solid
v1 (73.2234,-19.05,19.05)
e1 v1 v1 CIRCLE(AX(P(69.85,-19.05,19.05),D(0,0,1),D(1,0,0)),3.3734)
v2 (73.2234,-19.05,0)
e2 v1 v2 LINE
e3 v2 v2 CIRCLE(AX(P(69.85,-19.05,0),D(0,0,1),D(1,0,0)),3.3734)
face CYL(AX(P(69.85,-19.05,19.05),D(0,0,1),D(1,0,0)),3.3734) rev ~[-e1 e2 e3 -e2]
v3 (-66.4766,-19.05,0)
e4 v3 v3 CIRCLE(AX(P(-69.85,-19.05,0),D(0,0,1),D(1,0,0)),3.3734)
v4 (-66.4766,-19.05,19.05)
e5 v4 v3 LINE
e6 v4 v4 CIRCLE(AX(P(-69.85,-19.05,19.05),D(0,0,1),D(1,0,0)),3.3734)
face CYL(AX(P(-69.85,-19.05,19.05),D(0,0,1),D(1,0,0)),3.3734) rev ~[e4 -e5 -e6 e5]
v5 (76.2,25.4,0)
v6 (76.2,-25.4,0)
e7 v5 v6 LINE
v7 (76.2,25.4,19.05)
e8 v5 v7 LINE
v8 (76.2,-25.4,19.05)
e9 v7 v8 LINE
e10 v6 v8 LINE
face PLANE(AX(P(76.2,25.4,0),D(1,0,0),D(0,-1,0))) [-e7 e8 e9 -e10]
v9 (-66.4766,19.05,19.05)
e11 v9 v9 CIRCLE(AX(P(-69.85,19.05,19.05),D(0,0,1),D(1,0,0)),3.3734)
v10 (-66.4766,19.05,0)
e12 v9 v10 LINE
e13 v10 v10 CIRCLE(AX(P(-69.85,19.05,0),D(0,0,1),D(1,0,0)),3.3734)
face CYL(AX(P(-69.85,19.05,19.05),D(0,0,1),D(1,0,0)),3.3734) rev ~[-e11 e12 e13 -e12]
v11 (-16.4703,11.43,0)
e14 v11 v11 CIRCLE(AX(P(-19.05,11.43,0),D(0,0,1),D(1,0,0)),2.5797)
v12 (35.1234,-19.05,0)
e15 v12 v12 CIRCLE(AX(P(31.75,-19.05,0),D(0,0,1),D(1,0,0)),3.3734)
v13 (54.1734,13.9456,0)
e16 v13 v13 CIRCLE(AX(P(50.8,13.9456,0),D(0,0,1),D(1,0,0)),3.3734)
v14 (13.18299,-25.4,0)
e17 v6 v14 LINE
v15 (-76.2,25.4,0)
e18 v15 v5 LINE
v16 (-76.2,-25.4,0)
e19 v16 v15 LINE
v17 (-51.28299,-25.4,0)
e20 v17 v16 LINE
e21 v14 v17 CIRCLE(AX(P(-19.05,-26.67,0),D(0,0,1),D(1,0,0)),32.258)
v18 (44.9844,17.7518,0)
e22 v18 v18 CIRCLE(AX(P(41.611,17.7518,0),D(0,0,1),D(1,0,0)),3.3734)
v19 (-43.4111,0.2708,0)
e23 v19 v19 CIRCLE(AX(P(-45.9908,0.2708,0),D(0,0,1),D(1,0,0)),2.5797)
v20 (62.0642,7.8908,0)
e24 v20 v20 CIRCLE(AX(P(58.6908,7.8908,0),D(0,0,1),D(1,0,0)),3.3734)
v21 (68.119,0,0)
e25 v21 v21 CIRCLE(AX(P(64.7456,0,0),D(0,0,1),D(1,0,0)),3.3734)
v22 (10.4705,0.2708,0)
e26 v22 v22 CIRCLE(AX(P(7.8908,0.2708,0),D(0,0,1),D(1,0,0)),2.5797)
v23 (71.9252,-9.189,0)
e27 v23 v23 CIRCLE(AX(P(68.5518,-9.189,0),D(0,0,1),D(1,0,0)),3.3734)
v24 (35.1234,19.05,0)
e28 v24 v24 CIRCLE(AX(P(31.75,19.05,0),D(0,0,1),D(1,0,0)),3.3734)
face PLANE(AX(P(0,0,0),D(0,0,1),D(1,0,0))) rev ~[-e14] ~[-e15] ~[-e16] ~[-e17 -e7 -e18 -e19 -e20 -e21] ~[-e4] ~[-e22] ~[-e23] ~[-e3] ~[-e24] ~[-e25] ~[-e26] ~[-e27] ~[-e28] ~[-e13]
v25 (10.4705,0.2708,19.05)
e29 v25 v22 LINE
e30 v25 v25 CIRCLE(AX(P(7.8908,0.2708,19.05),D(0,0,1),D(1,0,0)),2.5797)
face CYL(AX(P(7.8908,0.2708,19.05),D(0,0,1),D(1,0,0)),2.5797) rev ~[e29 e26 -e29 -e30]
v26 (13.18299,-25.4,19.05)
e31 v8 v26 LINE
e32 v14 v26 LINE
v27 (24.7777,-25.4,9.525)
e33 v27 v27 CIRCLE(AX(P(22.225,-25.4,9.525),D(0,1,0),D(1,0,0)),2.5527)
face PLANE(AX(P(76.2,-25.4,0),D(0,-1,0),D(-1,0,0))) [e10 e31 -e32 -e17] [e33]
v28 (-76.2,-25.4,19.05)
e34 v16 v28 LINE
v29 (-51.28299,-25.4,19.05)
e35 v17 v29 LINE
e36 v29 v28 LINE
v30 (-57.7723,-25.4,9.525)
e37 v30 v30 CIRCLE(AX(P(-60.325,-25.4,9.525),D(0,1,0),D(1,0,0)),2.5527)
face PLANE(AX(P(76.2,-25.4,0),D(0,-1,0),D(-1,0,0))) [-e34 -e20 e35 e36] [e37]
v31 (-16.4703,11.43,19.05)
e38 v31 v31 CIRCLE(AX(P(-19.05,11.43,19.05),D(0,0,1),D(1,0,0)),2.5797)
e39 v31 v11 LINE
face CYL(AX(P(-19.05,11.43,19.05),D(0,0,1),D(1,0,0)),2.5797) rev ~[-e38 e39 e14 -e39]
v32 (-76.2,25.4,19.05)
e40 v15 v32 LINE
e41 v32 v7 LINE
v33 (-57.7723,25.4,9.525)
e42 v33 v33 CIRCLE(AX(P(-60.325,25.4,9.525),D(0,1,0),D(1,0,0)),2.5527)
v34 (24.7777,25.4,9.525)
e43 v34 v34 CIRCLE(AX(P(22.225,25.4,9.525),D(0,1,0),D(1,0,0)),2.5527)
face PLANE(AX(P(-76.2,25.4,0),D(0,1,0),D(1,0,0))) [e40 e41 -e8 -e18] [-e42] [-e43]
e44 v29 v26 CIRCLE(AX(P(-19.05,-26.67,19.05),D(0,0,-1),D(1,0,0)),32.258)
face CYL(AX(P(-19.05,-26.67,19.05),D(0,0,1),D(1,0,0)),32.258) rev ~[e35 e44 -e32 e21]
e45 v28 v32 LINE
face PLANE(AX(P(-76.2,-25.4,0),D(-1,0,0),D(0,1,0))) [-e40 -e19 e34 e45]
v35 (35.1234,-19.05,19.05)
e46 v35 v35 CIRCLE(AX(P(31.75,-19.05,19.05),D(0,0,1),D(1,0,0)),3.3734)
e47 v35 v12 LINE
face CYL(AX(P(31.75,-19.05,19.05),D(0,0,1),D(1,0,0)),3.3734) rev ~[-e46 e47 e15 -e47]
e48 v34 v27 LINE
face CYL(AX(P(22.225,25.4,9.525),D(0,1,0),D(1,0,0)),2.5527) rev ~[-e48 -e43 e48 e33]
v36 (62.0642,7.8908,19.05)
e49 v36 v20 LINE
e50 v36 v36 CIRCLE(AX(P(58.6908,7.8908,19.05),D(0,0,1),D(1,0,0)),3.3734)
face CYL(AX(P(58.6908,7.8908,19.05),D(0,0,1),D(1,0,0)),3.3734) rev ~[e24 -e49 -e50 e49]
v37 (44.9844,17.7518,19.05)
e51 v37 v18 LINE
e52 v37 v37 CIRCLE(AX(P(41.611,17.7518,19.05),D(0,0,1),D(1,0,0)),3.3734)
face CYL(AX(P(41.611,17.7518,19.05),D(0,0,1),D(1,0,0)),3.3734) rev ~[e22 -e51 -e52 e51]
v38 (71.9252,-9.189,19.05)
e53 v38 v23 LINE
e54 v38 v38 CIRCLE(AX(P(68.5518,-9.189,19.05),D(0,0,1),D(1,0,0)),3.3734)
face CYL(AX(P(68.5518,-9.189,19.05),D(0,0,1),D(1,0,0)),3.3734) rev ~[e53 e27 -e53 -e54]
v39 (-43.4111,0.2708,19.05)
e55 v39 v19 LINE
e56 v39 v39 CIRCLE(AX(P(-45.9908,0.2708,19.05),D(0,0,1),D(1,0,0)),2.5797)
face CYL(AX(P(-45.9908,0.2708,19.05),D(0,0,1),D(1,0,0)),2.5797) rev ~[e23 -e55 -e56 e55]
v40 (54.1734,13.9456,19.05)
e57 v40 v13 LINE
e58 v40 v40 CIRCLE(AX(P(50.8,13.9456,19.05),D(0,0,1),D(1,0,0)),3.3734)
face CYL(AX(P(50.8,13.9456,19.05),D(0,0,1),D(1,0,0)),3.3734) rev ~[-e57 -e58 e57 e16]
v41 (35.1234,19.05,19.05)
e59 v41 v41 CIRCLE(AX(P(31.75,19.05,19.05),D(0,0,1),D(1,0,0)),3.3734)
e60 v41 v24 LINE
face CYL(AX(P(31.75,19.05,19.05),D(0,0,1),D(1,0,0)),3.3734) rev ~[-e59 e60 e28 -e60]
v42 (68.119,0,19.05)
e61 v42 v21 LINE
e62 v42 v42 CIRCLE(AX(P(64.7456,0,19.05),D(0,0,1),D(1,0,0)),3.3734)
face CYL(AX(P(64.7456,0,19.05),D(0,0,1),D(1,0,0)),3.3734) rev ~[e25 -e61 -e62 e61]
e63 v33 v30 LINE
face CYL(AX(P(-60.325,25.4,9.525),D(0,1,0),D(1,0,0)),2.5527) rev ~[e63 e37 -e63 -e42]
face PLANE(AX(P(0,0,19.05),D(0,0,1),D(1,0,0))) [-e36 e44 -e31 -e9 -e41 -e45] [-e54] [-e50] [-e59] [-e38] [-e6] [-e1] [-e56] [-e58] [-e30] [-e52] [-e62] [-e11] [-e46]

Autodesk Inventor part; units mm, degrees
ref_plane "YZ Plane" through (0, 0, 0) normal (1, 0, 0) x (0, 1, 0)
ref_plane "XZ Plane" through (0, 0, 0) normal (0, 1, 0) x (-1, 0, 0)
ref_plane "XY Plane" through (0, 0, 0) normal (0, 0, 1) x (1, 0, 0)
sketch "Sketch1" plane through (0, 0, 0) normal (0, 0, 1) x (1, 0, 0)
  line L0 (76.2, -25.4) -> (-76.2, -25.4)
  line L1 (-76.2, -25.4) -> (-76.2, 25.4)
  line L2 (-76.2, 25.4) -> (76.2, 25.4)
  line L3 (76.2, 25.4) -> (76.2, -25.4)
  line L4 (76.2, -25.4) -> (-76.2, 25.4) construction
  line L5 (-76.2, -25.4) -> (76.2, 25.4) construction
  point P0 (0, 0)
  dimension "d0" = 50.8
  dimension "d1" = 152.4
extrude "Extrusion1" add sketch "Sketch1" along normal blind 19.05
sketch "Sketch2" plane through (0, 0, 19.05) normal (0, 0, 1) x (1, 0, 0)
  line L0 (76.2, 25.4) -> (-76.2, 25.4) projected
  line L1 (-76.2, 25.4) -> (-76.2, -25.4) projected
  circle A0 centre (-19.05, -26.67) radius 32.258
  line L2 (-76.2, -25.4) -> (76.2, -25.4) projected
  point P0 (0, 0)
  dimension "d15" = 1.27
  dimension "d16" = 64.516
  dimension "d40" = 57.15
extrude "Extrusion2" cut sketch "Sketch2" against normal through all
sketch "Sketch3" plane through (-76.2, 25.4, 0) normal (0, 1, 0) x (1, 0, 0)
  circle A0 centre (15.875, -9.525) radius 2.5527
  line L0 (152.4, 0) -> (0, 0) projected
  circle A1 centre (98.425, -9.525) radius 2.5527
  line L1 (57.15, -22.86) -> (57.15, 3.81) projected
  dimension "d19" = 5.1054
  dimension "d20" = 9.525
  dimension "d24" = 82.55
  dimension "d41" = 41.275
extrude "Extrusion3" cut sketch "Sketch3" against normal through all
sketch "Sketch4" plane through (0, 0, 19.05) normal (0, 0, 1) x (1, 0, 0)
  circle A0 centre (-45.9908, 0.2708) radius 2.5797
  arc A1 (13.183, -25.4) -> (-51.283, -25.4) centre (-19.05, -26.67) ccw projected
  circle A2 centre (-19.05, 11.43) radius 2.5797
  circle A3 centre (7.8908, 0.2708) radius 2.5797
  line L0 (-19.05, -26.67) -> (-19.05, -17.7805)
  dimension "d31" = 5.1594
  dimension "d32" = 38.1
  dimension "d36" = 90
  dimension "d42" = 45
extrude "Extrusion4" cut sketch "Sketch4" against normal through all
sketch "Sketch5" plane through (0, 0, 19.05) normal (0, 0, 1) x (1, 0, 0)
  circle A0 centre (-69.85, -19.05) radius 3.3734
  arc A1 (13.183, -25.4) -> (-51.283, -25.4) centre (-19.05, -26.67) ccw projected
  line L0 (-76.2, -25.4) -> (-51.283, -25.4) projected
  line L1 (-76.2, 25.4) -> (-76.2, -25.4) projected
  circle A2 centre (-69.85, 19.05) radius 3.3734
  circle A3 centre (31.75, -19.05) radius 3.3734
  circle A4 centre (31.75, 19.05) radius 3.3734
  circle A5 centre (41.611, 17.7518) radius 3.3734
  circle A6 centre (50.8, 13.9456) radius 3.3734
  circle A7 centre (58.6908, 7.8908) radius 3.3734
  circle A8 centre (64.7456, 0) radius 3.3734
  circle A9 centre (68.5518, -9.189) radius 3.3734
  circle A10 centre (69.85, -19.05) radius 3.3734
  point P0 (0, 0)
  dimension "d43" = 6.7469
  dimension "d44" = 50.8
  dimension "d45" = 6.35
  dimension "d55" = 38.1
  dimension "d58" = 101.6
  dimension "d63" = 90
extrude "Extrusion5" cut sketch "Sketch5" against normal through all
equation "\"d24\" = 2 * d41"
equation "\"d58\" = 2 * d44"
properties part number "ShooterSeperableClampB"
